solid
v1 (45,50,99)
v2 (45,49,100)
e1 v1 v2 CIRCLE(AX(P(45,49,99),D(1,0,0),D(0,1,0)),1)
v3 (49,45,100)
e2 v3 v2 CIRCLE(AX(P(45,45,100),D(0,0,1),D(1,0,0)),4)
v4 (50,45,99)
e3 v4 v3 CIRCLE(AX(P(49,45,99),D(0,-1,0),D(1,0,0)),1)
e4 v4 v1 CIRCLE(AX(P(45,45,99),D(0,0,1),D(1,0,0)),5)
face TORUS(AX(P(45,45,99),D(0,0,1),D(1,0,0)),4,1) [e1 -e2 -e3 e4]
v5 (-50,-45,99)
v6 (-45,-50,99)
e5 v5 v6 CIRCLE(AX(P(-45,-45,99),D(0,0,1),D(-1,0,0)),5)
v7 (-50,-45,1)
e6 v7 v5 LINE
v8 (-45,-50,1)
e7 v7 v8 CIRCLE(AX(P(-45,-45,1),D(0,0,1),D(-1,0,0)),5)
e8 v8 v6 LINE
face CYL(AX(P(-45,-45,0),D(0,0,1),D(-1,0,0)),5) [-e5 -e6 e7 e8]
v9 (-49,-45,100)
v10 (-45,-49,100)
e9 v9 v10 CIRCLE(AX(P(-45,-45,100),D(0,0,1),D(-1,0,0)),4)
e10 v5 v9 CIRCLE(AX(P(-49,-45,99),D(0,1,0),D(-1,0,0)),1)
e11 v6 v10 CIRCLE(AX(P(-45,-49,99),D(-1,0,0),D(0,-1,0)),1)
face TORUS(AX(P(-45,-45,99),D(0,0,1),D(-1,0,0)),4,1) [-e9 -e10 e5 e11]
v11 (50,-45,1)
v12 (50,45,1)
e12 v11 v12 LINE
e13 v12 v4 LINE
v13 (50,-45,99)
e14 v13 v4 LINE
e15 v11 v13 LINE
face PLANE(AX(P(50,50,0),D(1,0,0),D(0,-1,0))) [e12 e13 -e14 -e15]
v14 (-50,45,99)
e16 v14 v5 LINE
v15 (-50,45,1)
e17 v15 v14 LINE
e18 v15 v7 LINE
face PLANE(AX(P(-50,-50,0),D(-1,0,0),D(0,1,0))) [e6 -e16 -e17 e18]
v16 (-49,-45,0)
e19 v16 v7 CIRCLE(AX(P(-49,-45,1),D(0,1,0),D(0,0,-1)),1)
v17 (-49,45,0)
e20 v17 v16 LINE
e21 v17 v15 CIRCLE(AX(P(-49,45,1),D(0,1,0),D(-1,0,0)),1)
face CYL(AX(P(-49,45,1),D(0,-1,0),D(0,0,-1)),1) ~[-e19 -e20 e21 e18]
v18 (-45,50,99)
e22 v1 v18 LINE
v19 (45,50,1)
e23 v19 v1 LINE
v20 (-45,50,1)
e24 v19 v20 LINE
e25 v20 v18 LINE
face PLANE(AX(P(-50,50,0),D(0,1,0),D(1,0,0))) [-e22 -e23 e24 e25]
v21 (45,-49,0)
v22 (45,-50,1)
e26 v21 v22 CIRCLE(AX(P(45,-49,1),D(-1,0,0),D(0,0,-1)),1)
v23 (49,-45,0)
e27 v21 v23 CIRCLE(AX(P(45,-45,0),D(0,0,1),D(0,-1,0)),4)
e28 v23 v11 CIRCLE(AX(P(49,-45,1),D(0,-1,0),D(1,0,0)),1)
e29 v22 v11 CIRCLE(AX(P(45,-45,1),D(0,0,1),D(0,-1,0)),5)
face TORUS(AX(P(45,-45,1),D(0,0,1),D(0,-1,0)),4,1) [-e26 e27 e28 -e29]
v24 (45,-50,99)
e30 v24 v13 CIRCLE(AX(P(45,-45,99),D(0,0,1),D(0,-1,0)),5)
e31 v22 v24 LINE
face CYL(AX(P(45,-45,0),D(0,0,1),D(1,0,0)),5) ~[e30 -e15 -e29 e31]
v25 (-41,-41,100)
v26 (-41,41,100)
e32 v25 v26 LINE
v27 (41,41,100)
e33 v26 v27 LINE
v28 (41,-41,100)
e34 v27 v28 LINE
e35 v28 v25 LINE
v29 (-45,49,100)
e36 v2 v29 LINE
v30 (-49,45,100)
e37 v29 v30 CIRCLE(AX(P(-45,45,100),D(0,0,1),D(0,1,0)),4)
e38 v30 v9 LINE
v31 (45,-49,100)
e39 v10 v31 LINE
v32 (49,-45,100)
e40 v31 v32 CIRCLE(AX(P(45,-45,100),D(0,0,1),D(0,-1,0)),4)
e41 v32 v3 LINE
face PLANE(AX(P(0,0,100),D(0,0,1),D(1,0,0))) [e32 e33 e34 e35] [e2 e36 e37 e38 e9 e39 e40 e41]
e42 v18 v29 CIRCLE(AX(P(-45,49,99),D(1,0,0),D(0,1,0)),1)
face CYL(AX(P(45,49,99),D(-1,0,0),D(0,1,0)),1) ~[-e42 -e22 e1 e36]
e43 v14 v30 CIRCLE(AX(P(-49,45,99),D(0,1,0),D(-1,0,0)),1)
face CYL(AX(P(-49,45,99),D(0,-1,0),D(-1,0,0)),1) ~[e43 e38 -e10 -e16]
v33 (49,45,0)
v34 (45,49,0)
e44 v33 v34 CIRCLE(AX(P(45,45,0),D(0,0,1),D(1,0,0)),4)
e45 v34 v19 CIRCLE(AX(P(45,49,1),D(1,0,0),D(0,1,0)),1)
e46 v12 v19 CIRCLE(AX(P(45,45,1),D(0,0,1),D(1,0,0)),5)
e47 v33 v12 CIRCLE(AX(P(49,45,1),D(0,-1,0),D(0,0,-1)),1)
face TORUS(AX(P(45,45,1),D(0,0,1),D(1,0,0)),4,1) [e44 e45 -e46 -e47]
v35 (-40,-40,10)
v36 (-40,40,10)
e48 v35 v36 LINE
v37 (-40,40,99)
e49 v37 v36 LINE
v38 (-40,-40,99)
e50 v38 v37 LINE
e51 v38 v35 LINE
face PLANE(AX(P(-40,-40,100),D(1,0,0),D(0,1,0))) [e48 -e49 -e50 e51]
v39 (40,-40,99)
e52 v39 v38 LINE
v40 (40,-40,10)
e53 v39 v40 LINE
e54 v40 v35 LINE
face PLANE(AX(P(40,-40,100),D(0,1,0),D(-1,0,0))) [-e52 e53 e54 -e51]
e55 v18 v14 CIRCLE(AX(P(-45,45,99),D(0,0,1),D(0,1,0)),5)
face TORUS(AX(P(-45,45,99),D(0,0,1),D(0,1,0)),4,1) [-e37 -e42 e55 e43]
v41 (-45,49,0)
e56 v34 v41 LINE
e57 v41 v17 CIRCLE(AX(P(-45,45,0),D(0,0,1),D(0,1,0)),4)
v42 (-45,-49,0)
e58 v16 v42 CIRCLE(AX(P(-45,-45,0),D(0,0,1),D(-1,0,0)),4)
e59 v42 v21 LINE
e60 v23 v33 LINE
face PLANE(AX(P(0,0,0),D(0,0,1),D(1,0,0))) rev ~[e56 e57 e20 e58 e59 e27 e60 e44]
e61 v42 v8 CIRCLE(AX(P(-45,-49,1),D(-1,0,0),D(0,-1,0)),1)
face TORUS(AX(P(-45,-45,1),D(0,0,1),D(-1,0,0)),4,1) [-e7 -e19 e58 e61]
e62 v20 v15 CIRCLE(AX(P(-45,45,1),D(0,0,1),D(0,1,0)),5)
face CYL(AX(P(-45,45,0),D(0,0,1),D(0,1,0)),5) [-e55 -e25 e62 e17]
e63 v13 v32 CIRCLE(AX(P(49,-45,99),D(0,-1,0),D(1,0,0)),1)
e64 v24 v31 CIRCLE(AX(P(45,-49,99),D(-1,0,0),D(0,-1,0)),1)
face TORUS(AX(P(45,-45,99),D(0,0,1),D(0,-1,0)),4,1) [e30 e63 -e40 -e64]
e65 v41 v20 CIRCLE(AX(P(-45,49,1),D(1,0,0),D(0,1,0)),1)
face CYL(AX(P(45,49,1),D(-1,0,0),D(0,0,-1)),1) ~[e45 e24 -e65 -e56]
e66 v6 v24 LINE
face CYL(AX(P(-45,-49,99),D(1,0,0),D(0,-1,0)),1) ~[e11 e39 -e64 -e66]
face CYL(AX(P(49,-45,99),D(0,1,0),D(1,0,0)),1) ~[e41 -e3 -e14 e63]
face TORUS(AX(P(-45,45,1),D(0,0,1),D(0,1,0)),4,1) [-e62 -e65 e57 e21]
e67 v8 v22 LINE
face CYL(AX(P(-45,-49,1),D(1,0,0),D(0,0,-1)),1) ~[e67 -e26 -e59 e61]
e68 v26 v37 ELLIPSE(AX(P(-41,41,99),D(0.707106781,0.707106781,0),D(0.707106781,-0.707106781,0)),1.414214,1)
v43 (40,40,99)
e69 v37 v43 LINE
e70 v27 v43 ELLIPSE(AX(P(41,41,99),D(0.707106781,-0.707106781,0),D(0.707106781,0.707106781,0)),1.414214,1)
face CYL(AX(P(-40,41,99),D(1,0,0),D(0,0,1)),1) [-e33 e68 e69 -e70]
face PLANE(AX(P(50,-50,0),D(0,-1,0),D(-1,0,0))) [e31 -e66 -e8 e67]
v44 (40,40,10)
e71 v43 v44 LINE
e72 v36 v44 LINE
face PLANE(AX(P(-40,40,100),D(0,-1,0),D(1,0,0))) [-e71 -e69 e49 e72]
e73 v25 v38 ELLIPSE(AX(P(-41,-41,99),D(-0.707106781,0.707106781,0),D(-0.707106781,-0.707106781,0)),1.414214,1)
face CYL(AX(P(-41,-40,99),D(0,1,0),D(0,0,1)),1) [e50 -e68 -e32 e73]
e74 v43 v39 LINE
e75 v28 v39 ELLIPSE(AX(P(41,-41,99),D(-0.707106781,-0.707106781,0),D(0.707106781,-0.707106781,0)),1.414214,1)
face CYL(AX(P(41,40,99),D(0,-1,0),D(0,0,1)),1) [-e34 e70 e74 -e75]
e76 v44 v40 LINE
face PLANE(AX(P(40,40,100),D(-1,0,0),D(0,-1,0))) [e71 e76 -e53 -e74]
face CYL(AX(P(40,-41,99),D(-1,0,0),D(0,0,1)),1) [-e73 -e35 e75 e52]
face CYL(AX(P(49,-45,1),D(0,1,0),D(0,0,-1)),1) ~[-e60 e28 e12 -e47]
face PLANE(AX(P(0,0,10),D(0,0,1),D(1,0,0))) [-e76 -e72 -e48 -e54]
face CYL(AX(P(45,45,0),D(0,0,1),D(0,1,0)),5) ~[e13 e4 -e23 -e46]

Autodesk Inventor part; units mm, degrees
ref_plane "YZ Plane" through (0, 0, 0) normal (1, 0, 0) x (0, 1, 0)
ref_plane "XZ Plane" through (0, 0, 0) normal (0, 1, 0) x (-1, 0, 0)
ref_plane "XY Plane" through (0, 0, 0) normal (0, 0, 1) x (1, 0, 0)
sketch "草圖1" plane through (0, 0, 0) normal (0, 0, 1) x (1, 0, 0)
  line L0 (-50, 50) -> (50, 50)
  line L1 (50, 50) -> (50, -50)
  line L2 (50, -50) -> (-50, -50)
  line L3 (-50, -50) -> (-50, 50)
  point P0 (0, 0)
  dimension "d0" = 100
  dimension "d1" = 100
  dimension "d2" = 50
  dimension "d3" = 50
extrude "擠出1" add sketch "草圖1" along normal blind 100
sketch "草圖2" plane through (0, 0, 100) normal (0, 0, 1) x (1, 0, 0)
  line L0 (-40, 40) -> (40, 40)
  line L1 (40, 40) -> (40, -40)
  line L2 (40, -40) -> (-40, -40)
  line L3 (-40, -40) -> (-40, 40)
  point P0 (0, 0)
  dimension "d6" = 80
  dimension "d7" = 80
  dimension "d8" = 40
  dimension "d9" = 40
extrude "擠出2" cut sketch "草圖2" against normal blind 90
fillet "圓角1" radius 5 4 edges at (-50, -50, 50) (50, -50, 50) (50, 50, 50) (-50, 50, 50)
fillet "圓角2" radius 1 20 edges at (-48.5355, 48.5355, 100) (-50, 0, 100) (-48.5355, -48.5355, 100) (0, -50, 100) (48.5355, -48.5355, 100) (50, 0, 100) (48.5355, 48.5355, 100) (0, 50, 100) (0, 40, 100) (40, 0, 100) (0, -40, 100) (-40, 0, 100) (-48.5355, 48.5355, 0) (0, 50, 0) (48.5355, 48.5355, 0) (50, 0, 0) (48.5355, -48.5355, 0) (0, -50, 0) (-48.5355, -48.5355, 0) (-50, 0, 0)
properties part number "遙控器盒"
